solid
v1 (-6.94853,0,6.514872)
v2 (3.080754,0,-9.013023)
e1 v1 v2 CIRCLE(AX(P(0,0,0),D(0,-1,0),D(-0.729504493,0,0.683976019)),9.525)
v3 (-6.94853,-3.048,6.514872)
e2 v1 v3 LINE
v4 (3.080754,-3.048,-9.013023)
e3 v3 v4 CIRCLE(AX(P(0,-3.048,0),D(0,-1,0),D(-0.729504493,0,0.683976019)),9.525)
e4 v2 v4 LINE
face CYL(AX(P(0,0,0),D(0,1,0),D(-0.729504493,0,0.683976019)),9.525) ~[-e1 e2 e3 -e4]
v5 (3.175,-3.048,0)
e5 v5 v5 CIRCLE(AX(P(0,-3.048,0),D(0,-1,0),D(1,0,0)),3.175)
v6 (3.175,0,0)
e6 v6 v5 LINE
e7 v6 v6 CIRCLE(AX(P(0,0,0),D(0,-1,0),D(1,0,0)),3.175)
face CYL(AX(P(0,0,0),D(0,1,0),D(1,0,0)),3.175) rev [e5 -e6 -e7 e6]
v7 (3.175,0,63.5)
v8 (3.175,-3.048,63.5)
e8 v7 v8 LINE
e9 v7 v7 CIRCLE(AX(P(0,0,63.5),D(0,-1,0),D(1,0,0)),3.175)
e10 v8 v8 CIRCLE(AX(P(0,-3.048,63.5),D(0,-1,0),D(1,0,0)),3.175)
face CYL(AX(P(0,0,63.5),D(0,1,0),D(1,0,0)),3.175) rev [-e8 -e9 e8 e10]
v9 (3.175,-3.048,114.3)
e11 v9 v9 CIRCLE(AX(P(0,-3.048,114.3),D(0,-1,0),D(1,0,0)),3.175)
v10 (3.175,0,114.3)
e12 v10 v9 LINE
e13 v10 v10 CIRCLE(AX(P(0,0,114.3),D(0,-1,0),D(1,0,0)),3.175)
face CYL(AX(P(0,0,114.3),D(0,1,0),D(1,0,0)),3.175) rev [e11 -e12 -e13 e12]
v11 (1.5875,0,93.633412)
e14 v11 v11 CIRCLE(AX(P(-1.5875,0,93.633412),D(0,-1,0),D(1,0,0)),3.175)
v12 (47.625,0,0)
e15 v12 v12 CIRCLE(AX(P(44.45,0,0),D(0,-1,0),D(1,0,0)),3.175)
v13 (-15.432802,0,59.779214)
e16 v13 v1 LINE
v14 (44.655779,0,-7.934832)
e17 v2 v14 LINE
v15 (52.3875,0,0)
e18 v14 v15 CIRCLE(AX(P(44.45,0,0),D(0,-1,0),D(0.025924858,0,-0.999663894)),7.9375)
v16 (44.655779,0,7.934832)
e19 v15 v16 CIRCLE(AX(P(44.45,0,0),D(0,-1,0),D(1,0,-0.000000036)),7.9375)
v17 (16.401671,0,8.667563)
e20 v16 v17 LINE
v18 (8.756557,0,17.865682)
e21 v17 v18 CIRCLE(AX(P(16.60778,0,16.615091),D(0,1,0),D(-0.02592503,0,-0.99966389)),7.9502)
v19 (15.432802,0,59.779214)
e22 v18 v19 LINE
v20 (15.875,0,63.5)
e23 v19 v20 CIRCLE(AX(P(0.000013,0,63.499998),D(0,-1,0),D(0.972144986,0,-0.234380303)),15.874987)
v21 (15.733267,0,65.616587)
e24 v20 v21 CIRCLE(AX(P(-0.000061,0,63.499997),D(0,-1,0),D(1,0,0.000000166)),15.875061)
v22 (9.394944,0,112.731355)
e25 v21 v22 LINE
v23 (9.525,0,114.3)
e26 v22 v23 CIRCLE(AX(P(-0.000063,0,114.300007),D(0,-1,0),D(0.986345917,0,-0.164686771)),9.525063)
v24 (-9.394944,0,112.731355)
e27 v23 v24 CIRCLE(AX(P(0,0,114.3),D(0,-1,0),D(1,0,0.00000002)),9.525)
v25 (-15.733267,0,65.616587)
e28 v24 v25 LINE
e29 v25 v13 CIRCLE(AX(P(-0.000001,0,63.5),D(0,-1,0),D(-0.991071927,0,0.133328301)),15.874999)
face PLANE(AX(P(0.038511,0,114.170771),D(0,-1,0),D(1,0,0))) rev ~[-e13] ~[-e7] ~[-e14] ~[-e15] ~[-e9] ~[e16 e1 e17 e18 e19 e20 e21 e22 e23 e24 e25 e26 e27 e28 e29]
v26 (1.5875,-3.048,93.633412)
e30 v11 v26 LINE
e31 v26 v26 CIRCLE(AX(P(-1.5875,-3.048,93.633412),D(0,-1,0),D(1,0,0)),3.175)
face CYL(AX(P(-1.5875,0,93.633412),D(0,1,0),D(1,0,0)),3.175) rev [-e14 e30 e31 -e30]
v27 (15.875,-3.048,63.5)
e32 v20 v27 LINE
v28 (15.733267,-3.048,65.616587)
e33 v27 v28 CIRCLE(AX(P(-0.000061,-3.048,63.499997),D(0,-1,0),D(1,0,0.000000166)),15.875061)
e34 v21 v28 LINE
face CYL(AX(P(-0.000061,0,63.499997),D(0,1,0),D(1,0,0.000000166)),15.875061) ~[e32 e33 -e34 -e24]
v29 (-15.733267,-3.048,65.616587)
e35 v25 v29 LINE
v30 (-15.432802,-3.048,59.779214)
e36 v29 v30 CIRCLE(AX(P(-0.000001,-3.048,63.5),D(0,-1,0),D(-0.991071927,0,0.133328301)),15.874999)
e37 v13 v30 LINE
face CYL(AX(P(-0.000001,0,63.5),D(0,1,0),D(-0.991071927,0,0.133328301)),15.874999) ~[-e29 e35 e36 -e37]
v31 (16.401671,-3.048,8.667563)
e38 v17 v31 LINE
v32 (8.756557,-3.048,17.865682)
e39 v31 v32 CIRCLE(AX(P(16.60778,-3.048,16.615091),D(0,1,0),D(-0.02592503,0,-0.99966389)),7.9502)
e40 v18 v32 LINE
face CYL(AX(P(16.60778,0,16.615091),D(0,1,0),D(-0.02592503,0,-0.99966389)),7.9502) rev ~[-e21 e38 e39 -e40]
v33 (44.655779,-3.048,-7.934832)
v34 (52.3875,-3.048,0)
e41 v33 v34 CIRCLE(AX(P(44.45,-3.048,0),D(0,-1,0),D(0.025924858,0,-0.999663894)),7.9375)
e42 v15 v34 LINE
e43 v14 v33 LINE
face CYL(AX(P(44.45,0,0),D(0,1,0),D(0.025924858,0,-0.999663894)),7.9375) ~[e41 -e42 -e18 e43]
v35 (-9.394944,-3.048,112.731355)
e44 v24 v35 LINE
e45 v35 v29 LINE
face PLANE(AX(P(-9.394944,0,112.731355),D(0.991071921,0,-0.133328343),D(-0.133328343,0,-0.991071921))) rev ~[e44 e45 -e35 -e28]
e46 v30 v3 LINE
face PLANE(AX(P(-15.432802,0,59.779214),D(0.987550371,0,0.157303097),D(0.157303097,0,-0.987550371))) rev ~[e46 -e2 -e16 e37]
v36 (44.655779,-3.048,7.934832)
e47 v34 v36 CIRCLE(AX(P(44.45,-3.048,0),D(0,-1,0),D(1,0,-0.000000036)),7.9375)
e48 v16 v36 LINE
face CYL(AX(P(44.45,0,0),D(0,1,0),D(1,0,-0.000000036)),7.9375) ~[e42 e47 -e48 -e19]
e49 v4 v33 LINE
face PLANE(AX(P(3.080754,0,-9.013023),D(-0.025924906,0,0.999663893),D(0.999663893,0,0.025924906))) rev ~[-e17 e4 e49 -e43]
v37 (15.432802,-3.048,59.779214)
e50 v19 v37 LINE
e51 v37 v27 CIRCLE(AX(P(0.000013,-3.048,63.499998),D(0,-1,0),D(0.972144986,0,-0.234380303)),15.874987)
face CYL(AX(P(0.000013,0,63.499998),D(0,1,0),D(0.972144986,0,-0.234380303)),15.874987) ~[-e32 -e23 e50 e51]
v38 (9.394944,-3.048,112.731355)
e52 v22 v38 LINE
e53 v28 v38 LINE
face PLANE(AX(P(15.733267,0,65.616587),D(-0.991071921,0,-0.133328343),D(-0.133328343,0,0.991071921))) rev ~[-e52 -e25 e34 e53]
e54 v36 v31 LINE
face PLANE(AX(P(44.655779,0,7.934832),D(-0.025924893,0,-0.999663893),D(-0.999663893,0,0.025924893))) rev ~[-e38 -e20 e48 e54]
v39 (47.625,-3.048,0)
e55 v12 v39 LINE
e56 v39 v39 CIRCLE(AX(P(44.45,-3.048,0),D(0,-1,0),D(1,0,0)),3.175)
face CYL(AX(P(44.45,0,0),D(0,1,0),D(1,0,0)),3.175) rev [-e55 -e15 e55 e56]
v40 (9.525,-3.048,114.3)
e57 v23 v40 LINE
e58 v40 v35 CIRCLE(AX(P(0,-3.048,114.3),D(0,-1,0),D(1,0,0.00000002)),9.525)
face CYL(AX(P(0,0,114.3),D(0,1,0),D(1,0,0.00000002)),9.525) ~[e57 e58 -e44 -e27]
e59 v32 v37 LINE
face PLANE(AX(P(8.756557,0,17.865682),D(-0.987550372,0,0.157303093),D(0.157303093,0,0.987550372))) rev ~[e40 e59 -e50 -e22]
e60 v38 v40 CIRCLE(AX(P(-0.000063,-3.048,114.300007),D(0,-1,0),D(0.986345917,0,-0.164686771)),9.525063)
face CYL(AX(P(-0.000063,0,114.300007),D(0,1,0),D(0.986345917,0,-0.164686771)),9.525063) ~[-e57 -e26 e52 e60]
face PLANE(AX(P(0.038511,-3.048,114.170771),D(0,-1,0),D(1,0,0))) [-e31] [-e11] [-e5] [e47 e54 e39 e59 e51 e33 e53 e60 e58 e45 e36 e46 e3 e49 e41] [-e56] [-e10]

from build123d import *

# Parameters (mm, degrees)
F0_R     = 3.175
F1_DEPTH = 3.048


with BuildPart() as f1:
    # F0 (on Front) → F1 (new body)
    with BuildSketch(Plane.XZ):
        with BuildLine():
            ThreePointArc((9.394944, 112.731355), (9.49243, 113.512986), (9.525, 114.3))
            ThreePointArc((9.525, 114.3), (-0.787014, 123.79243), (-9.394944, 112.731355))
            ThreePointArc((-9.394944, 112.731355), (0, 104.775), (9.394944, 112.731355))
        make_face()
        with Locations((0, 114.3)):
            Circle(F0_R, mode=Mode.SUBTRACT)
        with BuildLine():
            ThreePointArc((9.394944, 112.731355), (0, 104.775), (-9.394944, 112.731355))
            Line((-9.394944, 112.731355), (-15.733267, 65.616587))
            ThreePointArc((-15.733267, 65.616587), (0, 79.375), (15.733267, 65.616587))
            Line((15.733267, 65.616587), (9.394944, 112.731355))
        make_face()
        with Locations((-1.5875, 93.633412)):
            Circle(F0_R, mode=Mode.SUBTRACT)
        with BuildLine():
            ThreePointArc((15.733267, 65.616587), (0, 79.375), (-15.733267, 65.616587))
            ThreePointArc((-15.733267, 65.616587), (-15.854012, 62.683953), (-15.432802, 59.779214))
            ThreePointArc((-15.432802, 59.779214), (0, 47.625), (15.432802, 59.779214))
            ThreePointArc((15.432802, 59.779214), (15.764063, 61.626515), (15.875, 63.5))
            ThreePointArc((15.875, 63.5), (15.839527, 64.560664), (15.733267, 65.616587))
        make_face()
        with Locations((0, 63.5)):
            Circle(F0_R, mode=Mode.SUBTRACT)
        with BuildLine():
            ThreePointArc((15.432802, 59.779214), (0, 47.625), (-15.432802, 59.779214))
            Line((-15.432802, 59.779214), (-6.94853, 6.514872))
            ThreePointArc((-6.94853, 6.514872), (3.502919, 8.857493), (9.525, 0))
            ThreePointArc((9.525, 0), (7.748219, -5.539921), (3.080754, -9.013023))
            Line((3.080754, -9.013023), (44.655779, -7.934832))
            ThreePointArc((44.655779, -7.934832), (36.5125, 0), (44.655779, 7.934832))
            Line((44.655779, 7.934832), (16.401671, 8.667563))
            ThreePointArc((16.401671, 8.667563), (10.493739, 11.533341), (8.756557, 17.865682))
            Line((8.756557, 17.865682), (15.432802, 59.779214))
        make_face()
        with BuildLine():
            ThreePointArc((9.525, 0), (3.502919, 8.857493), (-6.94853, 6.514872))
            ThreePointArc((-6.94853, 6.514872), (-8.001175, -5.167864), (3.080754, -9.013023))
            ThreePointArc((3.080754, -9.013023), (7.748219, -5.539921), (9.525, 0))
        make_face()
        Circle(F0_R, mode=Mode.SUBTRACT)
        with BuildLine():
            ThreePointArc((44.655779, 7.934832), (36.5125, 0), (44.655779, -7.934832))
            ThreePointArc((44.655779, -7.934832), (50.134948, -5.539429), (52.3875, 0))
            ThreePointArc((52.3875, 0), (50.134948, 5.539429), (44.655779, 7.934832))
        make_face()
        with Locations((44.45, 0)):
            Circle(F0_R, mode=Mode.SUBTRACT)
    extrude(amount=F1_DEPTH)


solid = f1.part
